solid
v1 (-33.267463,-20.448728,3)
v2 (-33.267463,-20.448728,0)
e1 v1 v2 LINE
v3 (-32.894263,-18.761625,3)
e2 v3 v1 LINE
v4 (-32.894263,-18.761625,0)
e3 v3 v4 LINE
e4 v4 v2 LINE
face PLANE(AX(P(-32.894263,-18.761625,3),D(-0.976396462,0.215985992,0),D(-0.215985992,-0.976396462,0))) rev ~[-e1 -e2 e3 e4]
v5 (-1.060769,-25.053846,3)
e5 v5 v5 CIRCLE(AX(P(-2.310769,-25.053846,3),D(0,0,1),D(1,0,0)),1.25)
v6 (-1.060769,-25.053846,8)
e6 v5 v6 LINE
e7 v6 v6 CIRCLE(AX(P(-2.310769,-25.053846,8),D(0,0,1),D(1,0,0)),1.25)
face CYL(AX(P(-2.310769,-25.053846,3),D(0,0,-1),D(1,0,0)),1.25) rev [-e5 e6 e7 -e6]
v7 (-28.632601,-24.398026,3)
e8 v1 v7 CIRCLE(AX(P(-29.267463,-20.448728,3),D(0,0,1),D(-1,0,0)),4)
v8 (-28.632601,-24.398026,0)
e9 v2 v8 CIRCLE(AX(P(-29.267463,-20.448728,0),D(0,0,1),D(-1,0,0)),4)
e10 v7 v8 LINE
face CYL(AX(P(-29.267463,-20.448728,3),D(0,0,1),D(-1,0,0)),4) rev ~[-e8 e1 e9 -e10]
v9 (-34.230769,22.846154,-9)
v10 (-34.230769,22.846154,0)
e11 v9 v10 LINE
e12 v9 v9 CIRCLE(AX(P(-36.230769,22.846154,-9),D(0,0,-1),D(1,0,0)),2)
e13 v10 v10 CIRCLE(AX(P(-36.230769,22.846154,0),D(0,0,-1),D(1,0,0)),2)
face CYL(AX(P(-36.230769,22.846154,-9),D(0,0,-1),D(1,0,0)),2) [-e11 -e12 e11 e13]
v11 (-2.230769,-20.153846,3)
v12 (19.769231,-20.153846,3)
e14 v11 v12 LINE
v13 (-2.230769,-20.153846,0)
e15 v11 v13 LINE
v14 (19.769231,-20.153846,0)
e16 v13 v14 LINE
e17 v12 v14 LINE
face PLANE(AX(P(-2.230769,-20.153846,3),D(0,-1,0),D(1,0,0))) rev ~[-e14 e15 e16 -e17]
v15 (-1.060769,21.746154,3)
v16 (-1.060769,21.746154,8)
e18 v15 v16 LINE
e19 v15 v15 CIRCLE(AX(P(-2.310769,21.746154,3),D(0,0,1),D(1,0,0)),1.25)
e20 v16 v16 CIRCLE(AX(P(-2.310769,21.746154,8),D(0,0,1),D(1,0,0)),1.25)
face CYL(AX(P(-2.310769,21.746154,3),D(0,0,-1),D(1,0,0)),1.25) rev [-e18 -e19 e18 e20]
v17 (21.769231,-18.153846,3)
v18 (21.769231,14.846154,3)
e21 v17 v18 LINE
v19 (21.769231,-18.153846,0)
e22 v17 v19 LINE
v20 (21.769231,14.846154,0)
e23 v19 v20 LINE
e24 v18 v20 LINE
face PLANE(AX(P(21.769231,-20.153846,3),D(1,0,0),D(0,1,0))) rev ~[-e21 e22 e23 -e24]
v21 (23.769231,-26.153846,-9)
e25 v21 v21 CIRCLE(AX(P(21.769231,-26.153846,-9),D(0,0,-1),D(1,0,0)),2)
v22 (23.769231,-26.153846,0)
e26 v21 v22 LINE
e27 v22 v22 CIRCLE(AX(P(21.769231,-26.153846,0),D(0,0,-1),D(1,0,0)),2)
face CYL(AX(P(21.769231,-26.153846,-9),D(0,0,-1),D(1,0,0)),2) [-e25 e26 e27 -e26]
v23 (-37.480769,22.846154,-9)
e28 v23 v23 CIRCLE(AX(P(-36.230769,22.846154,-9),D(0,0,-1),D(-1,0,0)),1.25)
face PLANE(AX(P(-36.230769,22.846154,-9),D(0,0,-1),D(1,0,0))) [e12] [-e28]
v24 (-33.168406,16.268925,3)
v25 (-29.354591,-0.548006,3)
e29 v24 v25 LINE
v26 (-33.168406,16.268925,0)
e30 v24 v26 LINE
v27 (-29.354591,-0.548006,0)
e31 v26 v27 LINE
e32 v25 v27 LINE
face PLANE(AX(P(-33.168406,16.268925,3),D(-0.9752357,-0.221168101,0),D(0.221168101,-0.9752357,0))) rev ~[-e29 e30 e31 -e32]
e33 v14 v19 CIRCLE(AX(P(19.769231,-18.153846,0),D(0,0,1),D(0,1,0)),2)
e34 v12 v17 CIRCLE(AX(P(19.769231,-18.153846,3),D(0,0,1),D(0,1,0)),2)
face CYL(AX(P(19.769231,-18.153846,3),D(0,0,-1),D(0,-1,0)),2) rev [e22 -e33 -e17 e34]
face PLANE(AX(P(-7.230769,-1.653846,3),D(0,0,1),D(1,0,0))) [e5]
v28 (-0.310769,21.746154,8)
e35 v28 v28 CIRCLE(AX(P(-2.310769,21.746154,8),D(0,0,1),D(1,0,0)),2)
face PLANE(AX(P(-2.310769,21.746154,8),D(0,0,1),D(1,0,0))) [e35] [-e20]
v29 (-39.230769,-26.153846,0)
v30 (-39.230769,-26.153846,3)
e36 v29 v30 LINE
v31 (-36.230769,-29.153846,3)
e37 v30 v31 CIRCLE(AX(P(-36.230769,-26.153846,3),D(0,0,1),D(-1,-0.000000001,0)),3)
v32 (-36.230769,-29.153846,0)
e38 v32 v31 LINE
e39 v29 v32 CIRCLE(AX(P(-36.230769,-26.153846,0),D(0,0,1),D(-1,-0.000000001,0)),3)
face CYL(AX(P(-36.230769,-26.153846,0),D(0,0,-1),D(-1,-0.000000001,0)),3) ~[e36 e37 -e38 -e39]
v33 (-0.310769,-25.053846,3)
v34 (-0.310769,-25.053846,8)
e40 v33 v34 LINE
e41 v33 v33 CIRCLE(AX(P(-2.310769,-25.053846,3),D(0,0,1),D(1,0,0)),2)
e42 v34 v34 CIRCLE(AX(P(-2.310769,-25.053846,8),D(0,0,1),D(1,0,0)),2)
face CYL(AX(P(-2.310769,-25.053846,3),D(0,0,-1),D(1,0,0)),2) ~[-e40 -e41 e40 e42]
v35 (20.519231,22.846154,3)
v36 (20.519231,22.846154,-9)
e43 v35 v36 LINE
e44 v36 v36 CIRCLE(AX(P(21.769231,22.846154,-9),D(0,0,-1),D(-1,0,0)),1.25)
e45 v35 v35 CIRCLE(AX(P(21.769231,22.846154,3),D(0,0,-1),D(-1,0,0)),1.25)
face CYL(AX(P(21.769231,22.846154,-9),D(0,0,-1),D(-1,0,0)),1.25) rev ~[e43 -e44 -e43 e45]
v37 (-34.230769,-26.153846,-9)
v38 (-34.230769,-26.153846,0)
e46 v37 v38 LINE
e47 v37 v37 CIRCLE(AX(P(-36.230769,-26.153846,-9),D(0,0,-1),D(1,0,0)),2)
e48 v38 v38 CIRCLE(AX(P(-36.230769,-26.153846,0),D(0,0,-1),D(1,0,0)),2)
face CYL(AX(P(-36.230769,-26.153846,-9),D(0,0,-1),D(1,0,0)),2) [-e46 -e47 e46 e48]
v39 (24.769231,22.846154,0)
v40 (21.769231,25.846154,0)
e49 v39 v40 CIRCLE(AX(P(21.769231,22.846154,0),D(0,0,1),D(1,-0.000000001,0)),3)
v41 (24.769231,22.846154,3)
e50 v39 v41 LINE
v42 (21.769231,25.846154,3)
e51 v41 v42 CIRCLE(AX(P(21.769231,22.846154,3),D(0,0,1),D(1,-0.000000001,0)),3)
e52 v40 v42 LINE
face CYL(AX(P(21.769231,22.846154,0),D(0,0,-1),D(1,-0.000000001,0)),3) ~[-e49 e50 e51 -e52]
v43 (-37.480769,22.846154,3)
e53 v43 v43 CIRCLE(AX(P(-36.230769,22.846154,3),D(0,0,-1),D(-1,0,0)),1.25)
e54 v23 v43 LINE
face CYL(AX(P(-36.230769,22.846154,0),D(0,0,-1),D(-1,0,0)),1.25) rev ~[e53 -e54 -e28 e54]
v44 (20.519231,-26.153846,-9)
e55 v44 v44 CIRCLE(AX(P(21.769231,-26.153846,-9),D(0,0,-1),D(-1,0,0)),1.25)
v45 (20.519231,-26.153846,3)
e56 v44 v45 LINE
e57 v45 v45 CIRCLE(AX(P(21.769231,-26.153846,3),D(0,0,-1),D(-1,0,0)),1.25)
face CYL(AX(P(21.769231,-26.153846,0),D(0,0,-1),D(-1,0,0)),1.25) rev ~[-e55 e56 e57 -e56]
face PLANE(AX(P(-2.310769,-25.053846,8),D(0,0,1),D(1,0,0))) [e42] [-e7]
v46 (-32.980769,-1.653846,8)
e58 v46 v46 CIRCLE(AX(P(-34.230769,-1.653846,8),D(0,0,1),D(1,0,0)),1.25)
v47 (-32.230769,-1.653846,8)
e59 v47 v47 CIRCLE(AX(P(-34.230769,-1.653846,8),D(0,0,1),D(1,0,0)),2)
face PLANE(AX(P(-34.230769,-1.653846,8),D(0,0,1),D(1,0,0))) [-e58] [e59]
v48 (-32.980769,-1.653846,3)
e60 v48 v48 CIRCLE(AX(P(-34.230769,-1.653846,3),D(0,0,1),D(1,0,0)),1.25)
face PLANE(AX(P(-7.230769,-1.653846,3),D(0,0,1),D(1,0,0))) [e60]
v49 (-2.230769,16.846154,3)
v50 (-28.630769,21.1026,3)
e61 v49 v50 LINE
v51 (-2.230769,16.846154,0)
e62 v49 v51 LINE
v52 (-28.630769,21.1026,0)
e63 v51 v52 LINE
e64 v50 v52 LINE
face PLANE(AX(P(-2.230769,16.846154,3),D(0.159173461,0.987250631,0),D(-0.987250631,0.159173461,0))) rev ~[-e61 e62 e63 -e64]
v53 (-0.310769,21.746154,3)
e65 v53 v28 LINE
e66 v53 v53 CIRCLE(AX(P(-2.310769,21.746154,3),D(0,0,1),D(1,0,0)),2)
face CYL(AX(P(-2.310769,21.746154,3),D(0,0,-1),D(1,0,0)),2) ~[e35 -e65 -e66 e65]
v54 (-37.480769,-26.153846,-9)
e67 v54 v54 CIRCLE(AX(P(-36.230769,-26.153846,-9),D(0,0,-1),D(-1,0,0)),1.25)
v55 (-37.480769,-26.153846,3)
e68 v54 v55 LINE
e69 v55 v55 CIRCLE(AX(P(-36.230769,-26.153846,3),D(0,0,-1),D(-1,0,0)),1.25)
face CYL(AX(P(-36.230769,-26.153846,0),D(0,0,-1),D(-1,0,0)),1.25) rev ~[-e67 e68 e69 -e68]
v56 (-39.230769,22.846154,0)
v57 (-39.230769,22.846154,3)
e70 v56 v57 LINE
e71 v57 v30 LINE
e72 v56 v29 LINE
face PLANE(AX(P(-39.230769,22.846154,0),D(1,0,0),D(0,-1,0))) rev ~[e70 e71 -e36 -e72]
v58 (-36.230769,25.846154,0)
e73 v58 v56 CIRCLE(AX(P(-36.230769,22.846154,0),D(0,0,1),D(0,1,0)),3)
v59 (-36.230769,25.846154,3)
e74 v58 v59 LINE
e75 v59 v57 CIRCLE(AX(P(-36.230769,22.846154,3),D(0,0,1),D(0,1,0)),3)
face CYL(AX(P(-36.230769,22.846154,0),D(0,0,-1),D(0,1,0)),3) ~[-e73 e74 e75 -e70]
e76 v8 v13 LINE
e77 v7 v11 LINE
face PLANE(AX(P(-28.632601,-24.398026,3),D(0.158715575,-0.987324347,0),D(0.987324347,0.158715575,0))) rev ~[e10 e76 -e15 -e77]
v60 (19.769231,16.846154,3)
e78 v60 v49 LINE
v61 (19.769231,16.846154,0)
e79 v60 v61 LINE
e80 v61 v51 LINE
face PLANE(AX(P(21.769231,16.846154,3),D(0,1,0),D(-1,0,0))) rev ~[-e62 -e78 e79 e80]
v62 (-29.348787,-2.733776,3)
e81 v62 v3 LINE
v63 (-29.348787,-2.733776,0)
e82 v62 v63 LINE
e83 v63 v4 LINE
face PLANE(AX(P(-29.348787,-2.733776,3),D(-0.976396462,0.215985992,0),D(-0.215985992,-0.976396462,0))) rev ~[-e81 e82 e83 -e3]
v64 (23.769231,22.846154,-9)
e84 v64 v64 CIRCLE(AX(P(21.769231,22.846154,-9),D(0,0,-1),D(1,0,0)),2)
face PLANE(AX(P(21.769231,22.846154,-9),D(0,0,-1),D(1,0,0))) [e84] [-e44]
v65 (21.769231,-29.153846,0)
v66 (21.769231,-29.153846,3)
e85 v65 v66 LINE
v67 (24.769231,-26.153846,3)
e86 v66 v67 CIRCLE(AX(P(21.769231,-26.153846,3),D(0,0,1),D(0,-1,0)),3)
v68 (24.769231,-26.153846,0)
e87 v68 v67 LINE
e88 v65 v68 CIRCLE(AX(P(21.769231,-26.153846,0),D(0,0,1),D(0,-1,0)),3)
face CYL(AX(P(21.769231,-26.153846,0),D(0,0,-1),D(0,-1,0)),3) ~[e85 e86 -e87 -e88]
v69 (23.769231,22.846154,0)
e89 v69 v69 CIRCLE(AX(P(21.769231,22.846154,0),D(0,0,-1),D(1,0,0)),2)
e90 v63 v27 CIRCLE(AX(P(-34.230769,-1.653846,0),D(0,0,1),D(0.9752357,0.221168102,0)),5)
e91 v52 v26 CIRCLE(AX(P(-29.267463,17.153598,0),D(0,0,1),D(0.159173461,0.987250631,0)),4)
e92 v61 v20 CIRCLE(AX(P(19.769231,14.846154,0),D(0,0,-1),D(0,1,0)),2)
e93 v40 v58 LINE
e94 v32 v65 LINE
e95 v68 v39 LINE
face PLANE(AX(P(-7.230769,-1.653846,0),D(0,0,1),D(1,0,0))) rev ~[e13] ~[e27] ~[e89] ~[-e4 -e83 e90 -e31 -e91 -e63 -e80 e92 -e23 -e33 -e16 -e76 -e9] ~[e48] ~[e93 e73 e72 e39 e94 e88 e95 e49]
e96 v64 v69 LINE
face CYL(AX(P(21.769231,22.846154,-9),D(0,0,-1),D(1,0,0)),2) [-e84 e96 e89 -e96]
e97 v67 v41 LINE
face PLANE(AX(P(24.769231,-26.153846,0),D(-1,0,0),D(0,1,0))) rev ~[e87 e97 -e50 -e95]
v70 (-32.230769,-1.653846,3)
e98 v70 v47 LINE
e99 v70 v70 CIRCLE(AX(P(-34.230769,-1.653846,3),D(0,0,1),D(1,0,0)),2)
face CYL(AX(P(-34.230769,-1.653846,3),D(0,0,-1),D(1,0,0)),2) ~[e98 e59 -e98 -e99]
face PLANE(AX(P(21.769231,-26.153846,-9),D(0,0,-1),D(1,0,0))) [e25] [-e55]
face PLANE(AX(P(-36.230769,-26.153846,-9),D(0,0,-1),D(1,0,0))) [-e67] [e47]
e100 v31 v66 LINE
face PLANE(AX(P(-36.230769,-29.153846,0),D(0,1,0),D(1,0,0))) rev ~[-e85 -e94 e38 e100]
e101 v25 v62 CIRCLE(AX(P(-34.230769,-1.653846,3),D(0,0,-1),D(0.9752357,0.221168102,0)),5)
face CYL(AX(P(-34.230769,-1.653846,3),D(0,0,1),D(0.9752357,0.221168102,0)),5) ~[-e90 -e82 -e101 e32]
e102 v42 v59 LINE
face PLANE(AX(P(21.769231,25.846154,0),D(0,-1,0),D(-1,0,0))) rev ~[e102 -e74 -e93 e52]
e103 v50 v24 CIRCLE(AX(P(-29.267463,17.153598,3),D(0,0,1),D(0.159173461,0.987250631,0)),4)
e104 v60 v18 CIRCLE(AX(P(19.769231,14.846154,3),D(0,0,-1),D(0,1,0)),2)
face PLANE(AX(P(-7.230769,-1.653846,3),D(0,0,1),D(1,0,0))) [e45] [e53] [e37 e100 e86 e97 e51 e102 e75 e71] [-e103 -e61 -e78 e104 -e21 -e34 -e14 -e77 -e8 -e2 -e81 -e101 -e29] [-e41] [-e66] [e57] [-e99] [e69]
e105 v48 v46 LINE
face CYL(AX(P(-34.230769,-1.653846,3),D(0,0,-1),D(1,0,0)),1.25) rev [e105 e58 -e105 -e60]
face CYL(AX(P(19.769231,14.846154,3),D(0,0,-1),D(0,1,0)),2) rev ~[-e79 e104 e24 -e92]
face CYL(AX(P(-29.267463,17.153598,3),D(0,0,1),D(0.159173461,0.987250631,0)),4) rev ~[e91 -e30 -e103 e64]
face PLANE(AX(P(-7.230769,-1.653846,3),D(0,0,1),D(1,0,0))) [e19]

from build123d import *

# Parameters (mm, degrees)
SALIENTE_EXTRUIR2_DEPTH = 3
CROQUIS2_R              = 1.25
CORTAR_EXTRUIR4_DEPTH   = 5
SALIENTE_EXTRUIR5_START = 9
CROQUIS6_R              = 2
CROQUIS6_R_2            = 1.25
SALIENTE_EXTRUIR5_DEPTH = 9
CROQUIS4_R              = 2
CROQUIS4_R_2            = 1.25
SALIENTE_EXTRUIR4_DEPTH = 5
CORTAR_EXTRUIR5_DEPTH   = 7
REDONDEO1_R             = 2


with BuildPart() as part:
    # Croquis1 → Saliente-Extruir2 (new body)
    with BuildSketch(Plane.XY):
        with BuildLine():
            Line((21.769230769, 25.846153846), (-36.230769231, 25.846153846))
            ThreePointArc((-36.230769231, 25.846153846), (-38.352089574, 24.96747419), (-39.230769231, 22.846153846))
            Line((-39.230769231, 22.846153846), (-39.230769231, -26.153846154))
            ThreePointArc((-39.230769231, -26.153846154), (-38.352089574, -28.275166497), (-36.230769231, -29.153846154))
            Line((-36.230769231, -29.153846154), (21.769230769, -29.153846154))
            ThreePointArc((21.769230769, -29.153846154), (23.890551113, -28.275166497), (24.769230769, -26.153846154))
            Line((24.769230769, -26.153846154), (24.769230769, 22.846153846))
            ThreePointArc((24.769230769, 22.846153846), (23.890551113, 24.96747419), (21.769230769, 25.846153846))
        make_face()
    extrude(amount=SALIENTE_EXTRUIR2_DEPTH)

    # Croquis2 → Cortar-Extruir4 (cut)
    with BuildSketch(Plane(origin=(0, 0, 0), x_dir=(-1, 0, 0), z_dir=(0, 0, -1))):
        with Locations((-21.769230769, 22.846153846)):
            Circle(CROQUIS2_R)
        with Locations((36.230769231, 22.846153846)):
            Circle(CROQUIS2_R)
        with Locations((36.230769231, -26.153846154)):
            Circle(CROQUIS2_R)
        with Locations((-21.769230769, -26.153846154)):
            Circle(CROQUIS2_R)
    extrude(amount=-CORTAR_EXTRUIR4_DEPTH, mode=Mode.SUBTRACT)

    # Croquis6 → Saliente-Extruir5 (add)
    # profile 1 of 4: a face of its own
    with BuildSketch(Plane(origin=(0, 0, 0), x_dir=(-1, 0, 0), z_dir=(0, 0, -1)).offset(SALIENTE_EXTRUIR5_START)):
        with Locations(Location((-21.769230769, 22.846153846, 0), (0, 0, 180))):
            Circle(CROQUIS6_R)
        with Locations((-21.769230769, 22.846153846)):
            Circle(CROQUIS6_R_2, mode=Mode.SUBTRACT)
    # profile 2 of 4: a face of its own
    with BuildSketch(Plane(origin=(0, 0, 0), x_dir=(-1, 0, 0), z_dir=(0, 0, -1)).offset(SALIENTE_EXTRUIR5_START)):
        with Locations(Location((36.230769231, 22.846153846, 0), (0, 0, 180))):
            Circle(CROQUIS6_R)
        with Locations((36.230769231, 22.846153846)):
            Circle(CROQUIS6_R_2, mode=Mode.SUBTRACT)
    # profile 3 of 4: a face of its own
    with BuildSketch(Plane(origin=(0, 0, 0), x_dir=(-1, 0, 0), z_dir=(0, 0, -1)).offset(SALIENTE_EXTRUIR5_START)):
        with Locations(Location((36.230769231, -26.153846154, 0), (0, 0, 180))):
            Circle(CROQUIS6_R)
        with Locations((36.230769231, -26.153846154)):
            Circle(CROQUIS6_R_2, mode=Mode.SUBTRACT)
    # profile 4 of 4: a face of its own
    with BuildSketch(Plane(origin=(0, 0, 0), x_dir=(-1, 0, 0), z_dir=(0, 0, -1)).offset(SALIENTE_EXTRUIR5_START)):
        with Locations(Location((-21.769230769, -26.153846154, 0), (0, 0, 180))):
            Circle(CROQUIS6_R)
        with Locations((-21.769230769, -26.153846154)):
            Circle(CROQUIS6_R_2, mode=Mode.SUBTRACT)
    extrude(amount=-SALIENTE_EXTRUIR5_DEPTH)

    # Croquis4 → Saliente-Extruir4 (add)
    # profile 1 of 3: a face of its own
    with BuildSketch(Plane.XY.offset(3)):
        with Locations((-34.230769231, -1.653846154)):
            Circle(CROQUIS4_R)
        with Locations((-34.230769231, -1.653846154)):
            Circle(CROQUIS4_R_2, mode=Mode.SUBTRACT)
    # profile 2 of 3: a face of its own
    with BuildSketch(Plane.XY.offset(3)):
        with Locations((-2.310769231, 21.746153846)):
            Circle(CROQUIS4_R)
        with Locations((-2.310769231, 21.746153846)):
            Circle(CROQUIS4_R_2, mode=Mode.SUBTRACT)
    # profile 3 of 3: a face of its own
    with BuildSketch(Plane.XY.offset(3)):
        with Locations((-2.310769231, -25.053846154)):
            Circle(CROQUIS4_R)
        with Locations((-2.310769231, -25.053846154)):
            Circle(CROQUIS4_R_2, mode=Mode.SUBTRACT)
    extrude(amount=SALIENTE_EXTRUIR4_DEPTH)

    # Croquis5 → Cortar-Extruir5 (cut)
    with BuildSketch(Plane.XY.offset(3)):
        with BuildLine():
            Line((21.769230769, 16.846153846), (-2.230769231, 16.846153846))
            Line((-2.230769231, 16.846153846), (-28.630769231, 21.10260022))
            ThreePointArc((-28.630769231, 21.10260022), (-32.183785013, 19.891309577), (-33.168405876, 16.268925289))
            Line((-33.168405876, 16.268925289), (-29.35459073, -0.548005648))
            ThreePointArc((-29.35459073, -0.548005648), (-29.230786857, -1.640569852), (-29.34878692, -2.733776112))
            Line((-29.34878692, -2.733776112), (-32.894263486, -18.761624723))
            Line((-32.894263486, -18.761624723), (-33.267463075, -20.448728388))
            ThreePointArc((-33.267463075, -20.448728388), (-31.861740508, -23.49335063), (-28.632600775, -24.398025776))
            Line((-28.632600775, -24.398025776), (-2.230769231, -20.153846154))
            Line((-2.230769231, -20.153846154), (21.769230769, -20.153846154))
            Line((21.769230769, -20.153846154), (21.769230769, 16.846153846))
        make_face()
    extrude(amount=-CORTAR_EXTRUIR5_DEPTH, mode=Mode.SUBTRACT)

    # Redondeo1
    redondeo1_edges = [part.edges().sort_by_distance(p)[0] for p in [
        (21.769230769, 16.846153846, 1.5),
        (21.769230769, -20.153846154, 1.5),
    ]]
    fillet(redondeo1_edges, radius=REDONDEO1_R)


solid = part.part
